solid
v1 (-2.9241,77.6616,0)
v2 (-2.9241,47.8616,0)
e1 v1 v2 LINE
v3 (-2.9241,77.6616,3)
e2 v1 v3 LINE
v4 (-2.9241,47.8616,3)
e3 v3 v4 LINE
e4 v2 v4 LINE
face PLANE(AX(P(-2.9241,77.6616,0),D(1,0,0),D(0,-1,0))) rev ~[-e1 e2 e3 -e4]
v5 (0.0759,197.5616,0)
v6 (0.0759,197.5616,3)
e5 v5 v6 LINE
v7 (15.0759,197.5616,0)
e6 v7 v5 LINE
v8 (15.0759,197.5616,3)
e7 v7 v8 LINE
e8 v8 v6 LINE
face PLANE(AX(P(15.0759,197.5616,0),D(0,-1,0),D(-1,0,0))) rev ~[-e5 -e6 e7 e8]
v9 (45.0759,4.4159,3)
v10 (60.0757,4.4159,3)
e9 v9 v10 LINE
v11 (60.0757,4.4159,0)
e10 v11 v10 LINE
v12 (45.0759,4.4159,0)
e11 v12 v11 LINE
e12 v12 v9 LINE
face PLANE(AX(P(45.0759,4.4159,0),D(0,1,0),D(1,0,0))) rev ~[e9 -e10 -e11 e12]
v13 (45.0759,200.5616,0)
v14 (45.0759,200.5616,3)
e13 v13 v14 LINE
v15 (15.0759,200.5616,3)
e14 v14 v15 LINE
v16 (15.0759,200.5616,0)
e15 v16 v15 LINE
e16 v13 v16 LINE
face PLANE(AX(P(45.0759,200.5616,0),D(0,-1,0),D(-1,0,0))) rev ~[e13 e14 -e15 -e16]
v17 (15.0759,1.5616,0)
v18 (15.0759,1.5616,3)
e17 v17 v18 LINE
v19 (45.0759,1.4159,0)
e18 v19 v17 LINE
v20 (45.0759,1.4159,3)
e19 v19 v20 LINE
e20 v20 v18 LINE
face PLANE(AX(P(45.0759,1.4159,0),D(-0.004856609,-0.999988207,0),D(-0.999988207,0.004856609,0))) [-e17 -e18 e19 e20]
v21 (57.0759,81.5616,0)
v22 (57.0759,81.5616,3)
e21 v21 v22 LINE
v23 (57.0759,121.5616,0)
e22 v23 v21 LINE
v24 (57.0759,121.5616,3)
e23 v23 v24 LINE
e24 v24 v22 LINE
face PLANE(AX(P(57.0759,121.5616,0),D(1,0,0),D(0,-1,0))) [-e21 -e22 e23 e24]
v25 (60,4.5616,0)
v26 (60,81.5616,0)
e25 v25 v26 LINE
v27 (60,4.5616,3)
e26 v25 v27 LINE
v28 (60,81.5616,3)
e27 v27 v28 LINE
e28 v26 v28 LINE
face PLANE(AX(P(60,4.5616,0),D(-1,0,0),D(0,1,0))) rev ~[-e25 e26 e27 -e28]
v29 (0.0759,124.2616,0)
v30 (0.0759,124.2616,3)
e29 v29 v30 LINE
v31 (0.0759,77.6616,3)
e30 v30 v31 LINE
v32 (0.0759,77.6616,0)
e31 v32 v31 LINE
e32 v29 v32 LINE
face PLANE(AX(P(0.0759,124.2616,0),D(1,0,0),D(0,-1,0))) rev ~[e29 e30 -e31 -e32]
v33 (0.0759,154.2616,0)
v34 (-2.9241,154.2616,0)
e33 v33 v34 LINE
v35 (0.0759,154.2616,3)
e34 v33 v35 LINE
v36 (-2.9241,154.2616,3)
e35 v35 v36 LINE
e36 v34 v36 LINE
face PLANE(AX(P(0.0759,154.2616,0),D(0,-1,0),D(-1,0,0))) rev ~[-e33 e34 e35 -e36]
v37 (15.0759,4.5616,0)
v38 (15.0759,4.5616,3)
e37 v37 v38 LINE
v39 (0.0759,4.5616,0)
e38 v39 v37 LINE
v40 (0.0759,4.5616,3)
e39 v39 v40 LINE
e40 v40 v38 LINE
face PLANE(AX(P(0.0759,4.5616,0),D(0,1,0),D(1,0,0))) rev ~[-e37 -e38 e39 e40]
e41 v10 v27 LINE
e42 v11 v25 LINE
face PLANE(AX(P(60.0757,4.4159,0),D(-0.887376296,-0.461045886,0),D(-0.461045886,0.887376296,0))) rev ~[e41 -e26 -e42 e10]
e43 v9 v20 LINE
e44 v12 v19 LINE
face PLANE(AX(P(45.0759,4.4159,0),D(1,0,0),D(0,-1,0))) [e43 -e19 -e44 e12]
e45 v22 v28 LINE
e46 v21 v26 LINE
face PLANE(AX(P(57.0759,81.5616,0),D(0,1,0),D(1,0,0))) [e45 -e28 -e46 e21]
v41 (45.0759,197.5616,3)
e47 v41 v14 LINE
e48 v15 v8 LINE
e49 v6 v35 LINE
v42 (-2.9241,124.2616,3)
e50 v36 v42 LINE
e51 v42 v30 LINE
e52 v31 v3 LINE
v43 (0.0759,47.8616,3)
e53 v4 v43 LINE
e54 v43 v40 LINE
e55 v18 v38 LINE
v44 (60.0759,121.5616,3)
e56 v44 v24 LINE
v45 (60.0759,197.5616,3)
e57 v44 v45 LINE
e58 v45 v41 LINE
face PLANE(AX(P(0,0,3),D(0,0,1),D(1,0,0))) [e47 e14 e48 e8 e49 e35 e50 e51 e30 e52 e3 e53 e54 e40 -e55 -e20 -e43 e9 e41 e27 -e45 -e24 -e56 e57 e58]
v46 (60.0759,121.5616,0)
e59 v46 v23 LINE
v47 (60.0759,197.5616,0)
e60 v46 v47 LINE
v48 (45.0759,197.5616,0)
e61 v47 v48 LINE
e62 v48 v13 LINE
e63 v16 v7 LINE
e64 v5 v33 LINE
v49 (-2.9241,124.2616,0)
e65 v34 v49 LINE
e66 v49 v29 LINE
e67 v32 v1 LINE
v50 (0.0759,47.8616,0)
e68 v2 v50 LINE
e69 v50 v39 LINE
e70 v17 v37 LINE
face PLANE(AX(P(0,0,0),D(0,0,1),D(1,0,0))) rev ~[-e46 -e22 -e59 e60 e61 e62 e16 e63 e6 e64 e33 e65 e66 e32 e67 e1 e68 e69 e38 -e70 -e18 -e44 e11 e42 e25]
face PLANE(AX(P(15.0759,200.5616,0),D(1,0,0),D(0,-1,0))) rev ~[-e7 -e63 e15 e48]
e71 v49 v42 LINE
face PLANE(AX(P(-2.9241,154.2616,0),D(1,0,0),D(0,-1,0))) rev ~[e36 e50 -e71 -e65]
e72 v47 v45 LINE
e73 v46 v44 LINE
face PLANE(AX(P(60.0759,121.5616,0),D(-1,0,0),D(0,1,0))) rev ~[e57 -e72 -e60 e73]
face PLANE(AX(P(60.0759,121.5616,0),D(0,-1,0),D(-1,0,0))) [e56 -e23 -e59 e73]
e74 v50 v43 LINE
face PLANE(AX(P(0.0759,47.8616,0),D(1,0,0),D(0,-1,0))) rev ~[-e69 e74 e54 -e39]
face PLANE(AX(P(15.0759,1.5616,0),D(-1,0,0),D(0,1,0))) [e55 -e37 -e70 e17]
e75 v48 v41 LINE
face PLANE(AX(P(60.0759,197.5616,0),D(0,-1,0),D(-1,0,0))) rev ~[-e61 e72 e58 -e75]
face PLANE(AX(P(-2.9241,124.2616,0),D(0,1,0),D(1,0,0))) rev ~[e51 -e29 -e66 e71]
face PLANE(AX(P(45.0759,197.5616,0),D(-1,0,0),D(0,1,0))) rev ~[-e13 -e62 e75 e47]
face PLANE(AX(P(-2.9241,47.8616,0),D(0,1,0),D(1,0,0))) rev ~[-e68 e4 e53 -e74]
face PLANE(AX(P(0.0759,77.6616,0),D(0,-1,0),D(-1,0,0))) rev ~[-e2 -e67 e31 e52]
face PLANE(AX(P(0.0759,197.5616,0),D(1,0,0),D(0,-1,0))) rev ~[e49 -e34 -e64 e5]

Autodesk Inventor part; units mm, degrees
ref_plane "YZ Plane" through (0, 0, 0) normal (1, 0, 0) x (0, 1, 0)
ref_plane "XZ Plane" through (0, 0, 0) normal (0, 1, 0) x (-1, 0, 0)
ref_plane "XY Plane" through (0, 0, 0) normal (0, 0, 1) x (1, 0, 0)
sketch "Sketch1" plane through (0, 0, 0) normal (0, 0, 1) x (1, 0, 0)
  line L0 (15.0759, 200.5616) -> (15.0759, 197.5616)
  line L1 (45.0759, 197.5616) -> (45.0759, 200.5616)
  line L2 (45.0759, 200.5616) -> (15.0759, 200.5616)
  line L3 (60.0759, 197.5616) -> (45.0759, 197.5616)
  line L4 (15.0759, 197.5616) -> (0.0759, 197.5616)
  line L5 (57.0759, 81.5616) -> (60, 81.5616)
  line L6 (0.0759, 77.6616) -> (-2.9241, 77.6616)
  line L7 (-2.9241, 77.6616) -> (-2.9241, 47.8616)
  line L8 (-2.9241, 47.8616) -> (0.0759, 47.8616)
  line L9 (60, 4.5616) -> (60, 81.5616)
  line L10 (0.0759, 47.8616) -> (0.0759, 4.5616)
  line L11 (0.0759, 4.5616) -> (15.0759, 4.5616)
  line L12 (60.0757, 4.4159) -> (60, 4.5616)
  line L13 (45.0759, 4.4159) -> (60.0757, 4.4159)
  line L14 (45.0759, 4.4159) -> (45.0759, 1.4159)
  line L15 (45.0759, 1.4159) -> (15.0759, 1.5616)
  line L16 (15.0759, 1.5616) -> (15.0759, 4.5616)
  line L17 (0.0759, 197.5616) -> (0.0759, 154.2616)
  line L18 (0.0759, 154.2616) -> (-2.9241, 154.2616)
  line L19 (60.0759, 121.5616) -> (57.0759, 121.5616)
  line L20 (60.0759, 121.5616) -> (60.0759, 197.5616)
  line L21 (57.0759, 121.5616) -> (57.0759, 81.5616)
  line L22 (-2.9241, 124.2616) -> (0.0759, 124.2616)
  line L23 (-2.9241, 154.2616) -> (-2.9241, 124.2616)
  line L24 (0.0759, 124.2616) -> (0.0759, 77.6616)
  point P0 (0, 0)
  dimension "d25" = 193
  dimension "d26" = 60
  dimension "d27" = 3
  dimension "d28" = 30
  dimension "d29" = 15
  dimension "d30" = 3
  dimension "d31" = 3
  dimension "d32" = 15
  dimension "d33" = 3
  dimension "d34" = 3
  dimension "d35" = 3
  dimension "d36" = 3
  dimension "d37" = 15
  dimension "d38" = 40
  dimension "d39" = 3
  dimension "d41" = 77
  dimension "d43" = 3
  dimension "d44" = 76
  dimension "d45" = 199.1457
  dimension "d46" = 43.3
  dimension "d47" = 46.6
  dimension "d48" = 43.3
  dimension "d49" = 30
  dimension "d50" = 29.8
extrude "Extrusion1" add sketch "Sketch1" along normal blind 3
properties part number "sampingkanan"
